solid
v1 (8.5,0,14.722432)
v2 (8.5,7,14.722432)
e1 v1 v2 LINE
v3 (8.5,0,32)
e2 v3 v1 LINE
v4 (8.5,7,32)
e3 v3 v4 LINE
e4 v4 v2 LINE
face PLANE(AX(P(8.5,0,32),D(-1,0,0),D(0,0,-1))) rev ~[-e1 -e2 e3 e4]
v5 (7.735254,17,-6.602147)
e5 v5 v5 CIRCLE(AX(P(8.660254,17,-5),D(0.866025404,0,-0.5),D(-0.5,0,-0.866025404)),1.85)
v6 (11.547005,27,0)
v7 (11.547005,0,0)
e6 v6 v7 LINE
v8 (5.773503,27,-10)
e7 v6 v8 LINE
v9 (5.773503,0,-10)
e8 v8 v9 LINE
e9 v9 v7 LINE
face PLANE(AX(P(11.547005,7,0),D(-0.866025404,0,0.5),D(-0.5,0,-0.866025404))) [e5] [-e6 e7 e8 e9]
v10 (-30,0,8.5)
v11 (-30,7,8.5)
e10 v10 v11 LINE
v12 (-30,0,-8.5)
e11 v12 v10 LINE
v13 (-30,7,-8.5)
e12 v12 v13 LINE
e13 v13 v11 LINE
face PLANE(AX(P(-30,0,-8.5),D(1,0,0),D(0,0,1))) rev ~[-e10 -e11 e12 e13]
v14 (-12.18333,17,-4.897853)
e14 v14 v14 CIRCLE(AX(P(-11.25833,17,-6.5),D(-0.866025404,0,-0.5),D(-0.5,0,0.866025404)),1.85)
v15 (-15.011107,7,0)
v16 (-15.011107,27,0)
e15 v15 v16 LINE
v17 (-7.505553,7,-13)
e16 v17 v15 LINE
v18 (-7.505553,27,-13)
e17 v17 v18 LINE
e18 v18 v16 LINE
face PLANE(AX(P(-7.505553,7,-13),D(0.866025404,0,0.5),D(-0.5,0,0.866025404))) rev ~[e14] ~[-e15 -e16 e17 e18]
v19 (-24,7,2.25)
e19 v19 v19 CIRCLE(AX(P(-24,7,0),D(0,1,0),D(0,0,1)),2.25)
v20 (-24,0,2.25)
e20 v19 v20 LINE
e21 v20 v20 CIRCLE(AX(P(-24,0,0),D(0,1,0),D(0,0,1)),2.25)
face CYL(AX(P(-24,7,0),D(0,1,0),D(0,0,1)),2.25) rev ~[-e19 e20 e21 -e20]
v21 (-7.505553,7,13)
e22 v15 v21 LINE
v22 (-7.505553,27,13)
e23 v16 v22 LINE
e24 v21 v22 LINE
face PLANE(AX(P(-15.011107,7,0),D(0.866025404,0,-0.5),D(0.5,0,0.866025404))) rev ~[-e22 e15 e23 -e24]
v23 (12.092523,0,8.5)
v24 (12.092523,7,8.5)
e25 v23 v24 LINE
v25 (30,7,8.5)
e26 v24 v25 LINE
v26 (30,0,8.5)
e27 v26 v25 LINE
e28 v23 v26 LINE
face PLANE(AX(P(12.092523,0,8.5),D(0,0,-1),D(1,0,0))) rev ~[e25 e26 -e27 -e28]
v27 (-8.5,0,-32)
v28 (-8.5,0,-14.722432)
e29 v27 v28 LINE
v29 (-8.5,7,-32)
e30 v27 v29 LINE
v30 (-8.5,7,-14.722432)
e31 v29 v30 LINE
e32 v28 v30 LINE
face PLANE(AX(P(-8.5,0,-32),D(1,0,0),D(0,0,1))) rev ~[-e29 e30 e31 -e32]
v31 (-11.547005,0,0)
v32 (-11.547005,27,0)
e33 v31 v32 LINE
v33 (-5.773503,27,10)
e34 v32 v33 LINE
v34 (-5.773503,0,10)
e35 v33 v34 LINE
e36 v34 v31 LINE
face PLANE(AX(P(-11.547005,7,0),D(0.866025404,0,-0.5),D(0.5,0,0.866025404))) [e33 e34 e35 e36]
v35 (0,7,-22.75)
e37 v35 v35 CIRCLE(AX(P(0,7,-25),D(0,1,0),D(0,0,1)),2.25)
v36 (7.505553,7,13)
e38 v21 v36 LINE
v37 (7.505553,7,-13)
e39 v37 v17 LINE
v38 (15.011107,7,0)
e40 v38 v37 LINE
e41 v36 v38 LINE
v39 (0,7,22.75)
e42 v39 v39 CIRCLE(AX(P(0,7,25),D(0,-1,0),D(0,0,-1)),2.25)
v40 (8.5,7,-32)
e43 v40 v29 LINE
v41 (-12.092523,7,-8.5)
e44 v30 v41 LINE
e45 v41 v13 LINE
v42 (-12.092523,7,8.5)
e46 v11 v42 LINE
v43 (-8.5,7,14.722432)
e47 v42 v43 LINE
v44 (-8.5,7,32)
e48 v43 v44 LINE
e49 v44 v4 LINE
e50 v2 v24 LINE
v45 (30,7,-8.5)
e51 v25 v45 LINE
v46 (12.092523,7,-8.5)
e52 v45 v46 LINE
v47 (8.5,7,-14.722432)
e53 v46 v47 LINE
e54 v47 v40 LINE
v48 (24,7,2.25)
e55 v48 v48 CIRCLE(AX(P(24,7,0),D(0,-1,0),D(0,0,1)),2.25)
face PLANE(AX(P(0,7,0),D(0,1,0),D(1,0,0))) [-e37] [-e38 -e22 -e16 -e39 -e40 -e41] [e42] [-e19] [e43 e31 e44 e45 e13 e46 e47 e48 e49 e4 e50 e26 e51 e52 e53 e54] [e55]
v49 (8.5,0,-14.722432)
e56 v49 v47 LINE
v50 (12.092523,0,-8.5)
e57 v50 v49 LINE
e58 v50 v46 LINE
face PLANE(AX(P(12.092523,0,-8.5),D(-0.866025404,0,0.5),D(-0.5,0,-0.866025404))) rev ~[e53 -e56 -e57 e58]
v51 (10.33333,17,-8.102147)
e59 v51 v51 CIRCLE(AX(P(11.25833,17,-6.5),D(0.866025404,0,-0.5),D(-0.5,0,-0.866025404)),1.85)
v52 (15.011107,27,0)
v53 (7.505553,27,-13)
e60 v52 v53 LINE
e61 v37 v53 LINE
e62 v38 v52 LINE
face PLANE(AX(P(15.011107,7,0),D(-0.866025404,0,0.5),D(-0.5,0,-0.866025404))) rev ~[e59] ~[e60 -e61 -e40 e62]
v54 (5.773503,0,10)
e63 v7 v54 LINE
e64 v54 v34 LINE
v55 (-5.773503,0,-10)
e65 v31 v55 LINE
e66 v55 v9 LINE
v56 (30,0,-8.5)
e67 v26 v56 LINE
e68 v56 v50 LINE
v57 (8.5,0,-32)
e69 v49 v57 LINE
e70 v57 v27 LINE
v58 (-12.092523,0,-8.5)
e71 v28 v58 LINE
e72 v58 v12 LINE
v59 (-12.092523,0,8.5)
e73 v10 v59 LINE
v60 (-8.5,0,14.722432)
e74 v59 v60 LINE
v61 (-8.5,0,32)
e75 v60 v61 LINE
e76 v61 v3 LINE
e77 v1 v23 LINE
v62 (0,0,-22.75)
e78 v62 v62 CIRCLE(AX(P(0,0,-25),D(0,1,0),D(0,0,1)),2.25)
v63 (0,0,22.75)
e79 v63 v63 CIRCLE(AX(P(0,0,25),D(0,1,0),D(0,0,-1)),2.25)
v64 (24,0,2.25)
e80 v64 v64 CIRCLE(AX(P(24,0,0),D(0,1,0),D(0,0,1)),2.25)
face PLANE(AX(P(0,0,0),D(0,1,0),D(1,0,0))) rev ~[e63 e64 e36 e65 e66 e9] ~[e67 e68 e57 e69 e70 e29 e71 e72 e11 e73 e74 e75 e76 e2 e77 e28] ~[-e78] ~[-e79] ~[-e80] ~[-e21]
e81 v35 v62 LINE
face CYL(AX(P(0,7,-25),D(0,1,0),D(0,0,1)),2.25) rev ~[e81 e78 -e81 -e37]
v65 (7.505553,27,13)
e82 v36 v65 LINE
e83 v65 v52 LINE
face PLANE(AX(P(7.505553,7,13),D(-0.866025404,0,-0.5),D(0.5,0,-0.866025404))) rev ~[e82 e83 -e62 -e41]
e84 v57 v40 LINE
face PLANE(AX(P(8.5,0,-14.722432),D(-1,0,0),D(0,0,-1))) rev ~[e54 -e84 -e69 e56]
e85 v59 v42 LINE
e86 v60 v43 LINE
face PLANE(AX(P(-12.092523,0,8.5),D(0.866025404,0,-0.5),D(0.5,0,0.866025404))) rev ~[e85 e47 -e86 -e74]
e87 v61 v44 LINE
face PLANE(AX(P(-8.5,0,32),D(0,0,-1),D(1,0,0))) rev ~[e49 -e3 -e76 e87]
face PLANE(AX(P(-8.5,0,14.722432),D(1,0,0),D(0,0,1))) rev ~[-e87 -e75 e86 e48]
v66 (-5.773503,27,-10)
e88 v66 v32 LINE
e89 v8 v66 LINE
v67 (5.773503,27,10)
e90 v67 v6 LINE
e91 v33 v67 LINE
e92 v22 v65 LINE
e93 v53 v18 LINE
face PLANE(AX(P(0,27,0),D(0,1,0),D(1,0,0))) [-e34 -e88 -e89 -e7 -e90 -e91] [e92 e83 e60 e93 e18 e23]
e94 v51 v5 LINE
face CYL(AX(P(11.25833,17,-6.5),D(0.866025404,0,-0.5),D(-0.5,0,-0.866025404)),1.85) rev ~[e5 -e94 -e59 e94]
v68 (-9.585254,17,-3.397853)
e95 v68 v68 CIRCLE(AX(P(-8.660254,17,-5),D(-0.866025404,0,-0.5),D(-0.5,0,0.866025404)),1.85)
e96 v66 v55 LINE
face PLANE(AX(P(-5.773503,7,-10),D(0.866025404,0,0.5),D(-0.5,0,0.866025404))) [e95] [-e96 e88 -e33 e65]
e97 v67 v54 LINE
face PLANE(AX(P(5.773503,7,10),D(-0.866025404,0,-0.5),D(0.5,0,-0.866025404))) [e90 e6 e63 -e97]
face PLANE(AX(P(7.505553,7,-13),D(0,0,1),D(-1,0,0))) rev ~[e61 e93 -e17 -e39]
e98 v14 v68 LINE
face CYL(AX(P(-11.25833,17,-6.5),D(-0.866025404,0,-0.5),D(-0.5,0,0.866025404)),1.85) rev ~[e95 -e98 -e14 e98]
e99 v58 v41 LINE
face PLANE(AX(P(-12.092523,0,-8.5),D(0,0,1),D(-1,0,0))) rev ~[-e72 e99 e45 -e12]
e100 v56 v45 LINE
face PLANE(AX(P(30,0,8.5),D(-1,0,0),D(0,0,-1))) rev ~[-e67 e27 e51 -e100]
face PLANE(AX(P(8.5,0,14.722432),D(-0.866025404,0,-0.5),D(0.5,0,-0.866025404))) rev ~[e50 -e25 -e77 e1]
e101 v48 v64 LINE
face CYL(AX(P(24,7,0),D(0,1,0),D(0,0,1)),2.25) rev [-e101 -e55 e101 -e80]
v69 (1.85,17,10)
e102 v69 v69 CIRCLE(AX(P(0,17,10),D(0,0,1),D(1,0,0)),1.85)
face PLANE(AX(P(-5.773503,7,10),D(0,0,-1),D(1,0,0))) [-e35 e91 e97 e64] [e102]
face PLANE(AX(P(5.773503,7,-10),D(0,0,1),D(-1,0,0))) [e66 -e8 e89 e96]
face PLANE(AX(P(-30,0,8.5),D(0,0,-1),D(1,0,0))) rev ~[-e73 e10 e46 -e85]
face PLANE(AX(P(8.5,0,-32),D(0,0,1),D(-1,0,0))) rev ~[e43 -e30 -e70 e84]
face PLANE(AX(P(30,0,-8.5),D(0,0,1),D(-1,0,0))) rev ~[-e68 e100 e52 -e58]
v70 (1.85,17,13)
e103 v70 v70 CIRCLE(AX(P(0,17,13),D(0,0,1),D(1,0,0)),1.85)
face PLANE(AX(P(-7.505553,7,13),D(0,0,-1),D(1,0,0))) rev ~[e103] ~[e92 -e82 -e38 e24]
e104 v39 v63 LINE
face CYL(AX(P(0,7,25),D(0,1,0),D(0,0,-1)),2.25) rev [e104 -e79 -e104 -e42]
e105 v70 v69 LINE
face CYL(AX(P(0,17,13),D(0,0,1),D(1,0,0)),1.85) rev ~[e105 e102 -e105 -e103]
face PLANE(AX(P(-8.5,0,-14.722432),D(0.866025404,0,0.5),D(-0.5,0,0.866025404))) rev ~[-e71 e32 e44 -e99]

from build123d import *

# Parameters (mm, degrees)
BOSS_EXTRUDE1_DEPTH = 7
BOSS_EXTRUDE2_DEPTH = 20
SKETCH3_R           = 2.25
CUT_EXTRUDE1_DEPTH  = 8
SKETCH4_R           = 2.25
CUT_EXTRUDE2_DEPTH  = 8
SKETCH5_R           = 1.85
CUT_EXTRUDE4_DEPTH  = 3
SKETCH6_R           = 1.85
CUT_EXTRUDE5_DEPTH  = 3
SKETCH7_R           = 1.85
CUT_EXTRUDE6_DEPTH  = 3


with BuildPart() as part:
    # Sketch1 → Boss-Extrude1 (new body)
    with BuildSketch(Plane(origin=(0, 0, 0), x_dir=(1, 0, 0), z_dir=(0, 1, 0))):
        Polygon((12.092522712, -8.5), (30, -8.5), (30, 8.5), (12.092522712, 8.5), (8.5, 14.722431864), (8.5, 32), (-8.5, 32), (-8.5, 14.722431864), (-12.092522712, 8.5), (-30, 8.5), (-30, -8.5), (-12.092522712, -8.5), (-8.5, -14.722431864), (-8.5, -32), (8.5, -32), (8.5, -14.722431864), align=None)
        Polygon((-11.547005384, 0), (-5.773502692, 10), (5.773502692, 10), (11.547005384, 0), (5.773502692, -10), (-5.773502692, -10), align=None, mode=Mode.SUBTRACT)
    extrude(amount=BOSS_EXTRUDE1_DEPTH)

    # Sketch2 → Boss-Extrude2 (add)
    with BuildSketch(Plane(origin=(0, 7, 0), x_dir=(1, 0, 0), z_dir=(0, 1, 0))):
        Polygon((-15.011106999, 0), (-7.505553499, -13), (7.505553499, -13), (15.011106999, 0), (7.505553499, 13), (-7.505553499, 13), align=None)
        Polygon((-11.547005384, 0), (-5.773502692, -10), (5.773502692, -10), (11.547005384, 0), (5.773502692, 10), (-5.773502692, 10), align=None, mode=Mode.SUBTRACT)
    extrude(amount=BOSS_EXTRUDE2_DEPTH)

    # Sketch3 → Cut-Extrude1 (cut, through all)
    with BuildSketch(Plane(origin=(0, 7, 0), x_dir=(1, 0, 0), z_dir=(0, 1, 0))):
        with Locations(Location((0, 25, 0), (0, 0, 270))):  # turned: the seam where the file's is
            Circle(SKETCH3_R)
    cut_extrude1 = extrude(amount=-CUT_EXTRUDE1_DEPTH, mode=Mode.SUBTRACT)

    # Mirror1: Cut-Extrude1 across plane
    add(cut_extrude1.mirror(Plane.XY), mode=Mode.SUBTRACT)

    # Sketch4 → Cut-Extrude2 (cut, through all)
    with BuildSketch(Plane(origin=(0, 7, 0), x_dir=(1, 0, 0), z_dir=(0, 1, 0))):
        with Locations(Location((-24, 0, 0), (0, 0, 270))):  # turned: the seam where the file's is
            Circle(SKETCH4_R)
    cut_extrude2 = extrude(amount=-CUT_EXTRUDE2_DEPTH, mode=Mode.SUBTRACT)

    # Mirror2: Cut-Extrude2 across plane
    add(cut_extrude2.mirror(Plane(origin=(0, 0, 0), x_dir=(0, 0, 1), z_dir=(1, 0, 0))), mode=Mode.SUBTRACT)

    # Sketch5 → Cut-Extrude4 (cut)
    with BuildSketch(Plane.XY.offset(13)):
        with Locations((0, 17)):
            Circle(SKETCH5_R)
    extrude(amount=-CUT_EXTRUDE4_DEPTH, mode=Mode.SUBTRACT)

    # Sketch6 → Cut-Extrude5 (cut)
    with BuildSketch(Plane(origin=(11.258330249, 0, -6.5), x_dir=(-0.5, 0, -0.866025404), z_dir=(0.866025404, 0, -0.5))):
        with Locations((0, 17)):
            Circle(SKETCH6_R)
    extrude(amount=-CUT_EXTRUDE5_DEPTH, mode=Mode.SUBTRACT)

    # Sketch7 → Cut-Extrude6 (cut)
    with BuildSketch(Plane(origin=(-11.258330249, 0, -6.5), x_dir=(-0.5, 0, 0.866025404), z_dir=(-0.866025404, 0, -0.5))):
        with Locations((0, 17)):
            Circle(SKETCH7_R)
    extrude(amount=-CUT_EXTRUDE6_DEPTH, mode=Mode.SUBTRACT)


solid = part.part
